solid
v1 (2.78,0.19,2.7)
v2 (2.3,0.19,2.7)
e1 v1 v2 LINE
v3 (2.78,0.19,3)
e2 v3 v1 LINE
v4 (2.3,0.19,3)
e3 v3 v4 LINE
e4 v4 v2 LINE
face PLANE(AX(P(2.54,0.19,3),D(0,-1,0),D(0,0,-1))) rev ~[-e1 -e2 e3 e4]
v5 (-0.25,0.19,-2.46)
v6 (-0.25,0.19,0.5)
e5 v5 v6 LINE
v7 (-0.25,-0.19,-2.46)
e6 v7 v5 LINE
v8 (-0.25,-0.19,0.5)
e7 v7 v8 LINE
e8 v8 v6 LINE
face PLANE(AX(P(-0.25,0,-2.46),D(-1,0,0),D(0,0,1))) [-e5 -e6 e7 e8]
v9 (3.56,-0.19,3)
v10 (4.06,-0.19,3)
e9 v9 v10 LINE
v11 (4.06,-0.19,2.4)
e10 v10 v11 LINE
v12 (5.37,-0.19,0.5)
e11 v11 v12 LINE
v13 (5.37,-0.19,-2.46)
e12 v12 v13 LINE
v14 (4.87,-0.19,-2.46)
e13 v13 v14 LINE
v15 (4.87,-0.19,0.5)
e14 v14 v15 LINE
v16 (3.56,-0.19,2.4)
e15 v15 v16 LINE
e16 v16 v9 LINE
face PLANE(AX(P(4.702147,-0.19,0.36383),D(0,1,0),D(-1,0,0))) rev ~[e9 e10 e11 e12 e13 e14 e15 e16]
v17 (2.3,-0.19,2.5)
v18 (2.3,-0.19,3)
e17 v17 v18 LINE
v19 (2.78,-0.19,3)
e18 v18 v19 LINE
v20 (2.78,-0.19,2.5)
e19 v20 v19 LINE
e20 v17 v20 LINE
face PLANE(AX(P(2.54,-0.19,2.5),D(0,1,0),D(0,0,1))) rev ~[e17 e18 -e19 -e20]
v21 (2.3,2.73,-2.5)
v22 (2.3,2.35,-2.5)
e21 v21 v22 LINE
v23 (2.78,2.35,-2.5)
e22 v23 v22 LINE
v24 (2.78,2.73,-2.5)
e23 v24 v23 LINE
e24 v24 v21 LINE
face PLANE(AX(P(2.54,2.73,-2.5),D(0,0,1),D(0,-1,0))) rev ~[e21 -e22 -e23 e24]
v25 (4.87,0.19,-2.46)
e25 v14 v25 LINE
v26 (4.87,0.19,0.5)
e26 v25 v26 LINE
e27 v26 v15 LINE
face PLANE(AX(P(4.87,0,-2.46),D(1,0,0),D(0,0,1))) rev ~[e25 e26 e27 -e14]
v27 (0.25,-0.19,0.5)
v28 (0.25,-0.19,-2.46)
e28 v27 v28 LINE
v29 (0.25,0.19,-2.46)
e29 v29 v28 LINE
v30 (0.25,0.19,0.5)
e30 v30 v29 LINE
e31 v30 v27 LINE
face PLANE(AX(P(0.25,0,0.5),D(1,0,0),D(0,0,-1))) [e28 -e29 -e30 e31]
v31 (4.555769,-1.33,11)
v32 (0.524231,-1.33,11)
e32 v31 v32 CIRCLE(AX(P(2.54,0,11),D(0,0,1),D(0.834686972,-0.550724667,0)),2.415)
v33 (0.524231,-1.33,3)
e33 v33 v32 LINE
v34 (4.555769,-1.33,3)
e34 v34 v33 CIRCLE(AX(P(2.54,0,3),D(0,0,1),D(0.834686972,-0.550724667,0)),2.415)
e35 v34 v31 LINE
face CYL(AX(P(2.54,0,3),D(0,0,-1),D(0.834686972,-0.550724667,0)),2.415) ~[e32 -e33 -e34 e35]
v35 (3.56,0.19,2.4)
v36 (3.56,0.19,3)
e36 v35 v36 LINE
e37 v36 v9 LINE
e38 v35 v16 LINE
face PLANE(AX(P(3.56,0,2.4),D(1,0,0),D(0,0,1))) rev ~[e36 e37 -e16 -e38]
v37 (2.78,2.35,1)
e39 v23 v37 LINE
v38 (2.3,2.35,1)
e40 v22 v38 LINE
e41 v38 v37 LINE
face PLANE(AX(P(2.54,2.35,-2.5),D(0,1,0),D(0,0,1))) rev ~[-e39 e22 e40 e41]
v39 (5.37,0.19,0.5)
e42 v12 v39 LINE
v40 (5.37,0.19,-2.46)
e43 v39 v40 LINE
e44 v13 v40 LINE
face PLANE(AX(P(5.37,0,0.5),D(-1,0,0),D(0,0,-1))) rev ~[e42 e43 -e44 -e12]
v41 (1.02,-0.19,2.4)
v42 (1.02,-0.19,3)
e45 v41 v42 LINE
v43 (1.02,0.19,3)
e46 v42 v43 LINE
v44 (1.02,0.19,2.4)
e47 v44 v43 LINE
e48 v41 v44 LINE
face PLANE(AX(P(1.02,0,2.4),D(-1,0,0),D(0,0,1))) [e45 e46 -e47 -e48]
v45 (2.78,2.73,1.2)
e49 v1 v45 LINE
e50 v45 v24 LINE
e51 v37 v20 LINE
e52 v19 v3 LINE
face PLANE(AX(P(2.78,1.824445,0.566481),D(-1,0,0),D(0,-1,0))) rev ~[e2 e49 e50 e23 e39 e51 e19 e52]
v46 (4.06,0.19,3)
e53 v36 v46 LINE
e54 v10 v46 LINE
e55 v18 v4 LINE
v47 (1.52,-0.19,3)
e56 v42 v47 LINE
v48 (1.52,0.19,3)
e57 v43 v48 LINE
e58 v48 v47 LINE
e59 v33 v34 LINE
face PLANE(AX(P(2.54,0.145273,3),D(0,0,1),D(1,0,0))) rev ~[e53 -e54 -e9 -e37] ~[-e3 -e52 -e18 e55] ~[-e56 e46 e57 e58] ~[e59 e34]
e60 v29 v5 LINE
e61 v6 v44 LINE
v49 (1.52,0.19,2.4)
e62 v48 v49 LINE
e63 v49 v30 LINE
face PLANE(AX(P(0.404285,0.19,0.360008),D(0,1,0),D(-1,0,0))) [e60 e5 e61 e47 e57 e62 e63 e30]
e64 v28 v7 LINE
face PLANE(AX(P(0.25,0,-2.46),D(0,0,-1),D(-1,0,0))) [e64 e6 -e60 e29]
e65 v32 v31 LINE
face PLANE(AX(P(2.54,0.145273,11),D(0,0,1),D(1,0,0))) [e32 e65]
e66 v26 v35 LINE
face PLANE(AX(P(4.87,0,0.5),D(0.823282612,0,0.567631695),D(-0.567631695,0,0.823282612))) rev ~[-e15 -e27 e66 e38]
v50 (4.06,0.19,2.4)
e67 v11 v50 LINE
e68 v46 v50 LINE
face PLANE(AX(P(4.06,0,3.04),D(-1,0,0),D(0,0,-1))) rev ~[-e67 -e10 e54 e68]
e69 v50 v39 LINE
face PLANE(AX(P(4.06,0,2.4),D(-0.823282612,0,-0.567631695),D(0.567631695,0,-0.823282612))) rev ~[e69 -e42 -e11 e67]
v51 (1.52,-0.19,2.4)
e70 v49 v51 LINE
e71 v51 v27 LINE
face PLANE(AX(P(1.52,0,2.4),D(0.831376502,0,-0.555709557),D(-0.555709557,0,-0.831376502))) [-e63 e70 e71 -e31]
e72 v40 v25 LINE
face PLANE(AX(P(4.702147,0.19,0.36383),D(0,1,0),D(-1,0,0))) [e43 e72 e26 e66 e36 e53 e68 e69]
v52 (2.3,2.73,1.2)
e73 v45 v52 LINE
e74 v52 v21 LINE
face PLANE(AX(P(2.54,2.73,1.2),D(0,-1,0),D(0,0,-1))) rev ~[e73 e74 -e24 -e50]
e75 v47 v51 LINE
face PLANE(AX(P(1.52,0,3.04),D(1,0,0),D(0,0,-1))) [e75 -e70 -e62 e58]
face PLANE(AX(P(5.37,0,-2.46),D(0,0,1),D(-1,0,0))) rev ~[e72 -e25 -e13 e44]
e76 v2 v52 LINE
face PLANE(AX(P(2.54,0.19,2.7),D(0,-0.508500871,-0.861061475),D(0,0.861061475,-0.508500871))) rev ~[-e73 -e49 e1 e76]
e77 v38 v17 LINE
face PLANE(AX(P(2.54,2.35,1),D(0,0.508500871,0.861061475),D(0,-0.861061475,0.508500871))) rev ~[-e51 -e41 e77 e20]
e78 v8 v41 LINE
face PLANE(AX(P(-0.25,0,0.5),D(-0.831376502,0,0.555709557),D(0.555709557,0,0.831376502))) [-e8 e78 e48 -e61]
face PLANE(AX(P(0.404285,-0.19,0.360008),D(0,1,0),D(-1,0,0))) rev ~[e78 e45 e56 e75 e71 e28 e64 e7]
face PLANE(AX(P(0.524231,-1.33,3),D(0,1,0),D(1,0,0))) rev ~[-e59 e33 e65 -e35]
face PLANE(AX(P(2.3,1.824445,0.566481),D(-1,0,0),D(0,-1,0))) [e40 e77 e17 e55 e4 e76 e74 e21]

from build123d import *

# Parameters (mm, degrees)
PAD001_DEPTH = 0.19
PAD_DEPTH    = 8
PAD002_DEPTH = 0.24


with BuildPart() as pad001:
    # Sketch001 → Pad001 (new body, symmetric)
    with BuildSketch(Plane.XZ):
        Polygon((0.25, -2.46), (-0.25, -2.46), (-0.25, 0.5), (1.02, 2.4), (1.02, 3.04), (1.52, 3.04), (1.52, 2.4), (0.25, 0.5), align=None)
        Polygon((3.56, 3.04), (4.06, 3.04), (4.06, 2.4), (5.37, 0.5), (5.37, -2.46), (4.87, -2.46), (4.87, 0.5), (3.56, 2.4), align=None)
    extrude(amount=PAD001_DEPTH, both=True)


with BuildPart() as pad:
    # Sketch → Pad (new body)
    with BuildSketch(Plane.XY.offset(3)):
        with BuildLine():
            Line((0.524231, -1.33), (4.555769, -1.33))
            ThreePointArc((4.555769, -1.33), (2.54, 2.415), (0.524231, -1.33))
        make_face()
    extrude(amount=PAD_DEPTH)


with BuildPart() as to_92_wide:
    # Sketch002 → Pad002 (new body, symmetric)
    with BuildSketch(Plane.YZ.offset(2.54)):
        Polygon((-0.19, 3), (0.19, 3), (0.19, 2.7), (2.73, 1.2), (2.73, -2.5), (2.35, -2.5), (2.35, 1), (-0.19, 2.5), align=None)
    extrude(amount=PAD002_DEPTH, both=True)

    # Pad002_mp_cp: union Pad001, Pad
    add(pad001.part)
    add(pad.part)


solid = to_92_wide.part
